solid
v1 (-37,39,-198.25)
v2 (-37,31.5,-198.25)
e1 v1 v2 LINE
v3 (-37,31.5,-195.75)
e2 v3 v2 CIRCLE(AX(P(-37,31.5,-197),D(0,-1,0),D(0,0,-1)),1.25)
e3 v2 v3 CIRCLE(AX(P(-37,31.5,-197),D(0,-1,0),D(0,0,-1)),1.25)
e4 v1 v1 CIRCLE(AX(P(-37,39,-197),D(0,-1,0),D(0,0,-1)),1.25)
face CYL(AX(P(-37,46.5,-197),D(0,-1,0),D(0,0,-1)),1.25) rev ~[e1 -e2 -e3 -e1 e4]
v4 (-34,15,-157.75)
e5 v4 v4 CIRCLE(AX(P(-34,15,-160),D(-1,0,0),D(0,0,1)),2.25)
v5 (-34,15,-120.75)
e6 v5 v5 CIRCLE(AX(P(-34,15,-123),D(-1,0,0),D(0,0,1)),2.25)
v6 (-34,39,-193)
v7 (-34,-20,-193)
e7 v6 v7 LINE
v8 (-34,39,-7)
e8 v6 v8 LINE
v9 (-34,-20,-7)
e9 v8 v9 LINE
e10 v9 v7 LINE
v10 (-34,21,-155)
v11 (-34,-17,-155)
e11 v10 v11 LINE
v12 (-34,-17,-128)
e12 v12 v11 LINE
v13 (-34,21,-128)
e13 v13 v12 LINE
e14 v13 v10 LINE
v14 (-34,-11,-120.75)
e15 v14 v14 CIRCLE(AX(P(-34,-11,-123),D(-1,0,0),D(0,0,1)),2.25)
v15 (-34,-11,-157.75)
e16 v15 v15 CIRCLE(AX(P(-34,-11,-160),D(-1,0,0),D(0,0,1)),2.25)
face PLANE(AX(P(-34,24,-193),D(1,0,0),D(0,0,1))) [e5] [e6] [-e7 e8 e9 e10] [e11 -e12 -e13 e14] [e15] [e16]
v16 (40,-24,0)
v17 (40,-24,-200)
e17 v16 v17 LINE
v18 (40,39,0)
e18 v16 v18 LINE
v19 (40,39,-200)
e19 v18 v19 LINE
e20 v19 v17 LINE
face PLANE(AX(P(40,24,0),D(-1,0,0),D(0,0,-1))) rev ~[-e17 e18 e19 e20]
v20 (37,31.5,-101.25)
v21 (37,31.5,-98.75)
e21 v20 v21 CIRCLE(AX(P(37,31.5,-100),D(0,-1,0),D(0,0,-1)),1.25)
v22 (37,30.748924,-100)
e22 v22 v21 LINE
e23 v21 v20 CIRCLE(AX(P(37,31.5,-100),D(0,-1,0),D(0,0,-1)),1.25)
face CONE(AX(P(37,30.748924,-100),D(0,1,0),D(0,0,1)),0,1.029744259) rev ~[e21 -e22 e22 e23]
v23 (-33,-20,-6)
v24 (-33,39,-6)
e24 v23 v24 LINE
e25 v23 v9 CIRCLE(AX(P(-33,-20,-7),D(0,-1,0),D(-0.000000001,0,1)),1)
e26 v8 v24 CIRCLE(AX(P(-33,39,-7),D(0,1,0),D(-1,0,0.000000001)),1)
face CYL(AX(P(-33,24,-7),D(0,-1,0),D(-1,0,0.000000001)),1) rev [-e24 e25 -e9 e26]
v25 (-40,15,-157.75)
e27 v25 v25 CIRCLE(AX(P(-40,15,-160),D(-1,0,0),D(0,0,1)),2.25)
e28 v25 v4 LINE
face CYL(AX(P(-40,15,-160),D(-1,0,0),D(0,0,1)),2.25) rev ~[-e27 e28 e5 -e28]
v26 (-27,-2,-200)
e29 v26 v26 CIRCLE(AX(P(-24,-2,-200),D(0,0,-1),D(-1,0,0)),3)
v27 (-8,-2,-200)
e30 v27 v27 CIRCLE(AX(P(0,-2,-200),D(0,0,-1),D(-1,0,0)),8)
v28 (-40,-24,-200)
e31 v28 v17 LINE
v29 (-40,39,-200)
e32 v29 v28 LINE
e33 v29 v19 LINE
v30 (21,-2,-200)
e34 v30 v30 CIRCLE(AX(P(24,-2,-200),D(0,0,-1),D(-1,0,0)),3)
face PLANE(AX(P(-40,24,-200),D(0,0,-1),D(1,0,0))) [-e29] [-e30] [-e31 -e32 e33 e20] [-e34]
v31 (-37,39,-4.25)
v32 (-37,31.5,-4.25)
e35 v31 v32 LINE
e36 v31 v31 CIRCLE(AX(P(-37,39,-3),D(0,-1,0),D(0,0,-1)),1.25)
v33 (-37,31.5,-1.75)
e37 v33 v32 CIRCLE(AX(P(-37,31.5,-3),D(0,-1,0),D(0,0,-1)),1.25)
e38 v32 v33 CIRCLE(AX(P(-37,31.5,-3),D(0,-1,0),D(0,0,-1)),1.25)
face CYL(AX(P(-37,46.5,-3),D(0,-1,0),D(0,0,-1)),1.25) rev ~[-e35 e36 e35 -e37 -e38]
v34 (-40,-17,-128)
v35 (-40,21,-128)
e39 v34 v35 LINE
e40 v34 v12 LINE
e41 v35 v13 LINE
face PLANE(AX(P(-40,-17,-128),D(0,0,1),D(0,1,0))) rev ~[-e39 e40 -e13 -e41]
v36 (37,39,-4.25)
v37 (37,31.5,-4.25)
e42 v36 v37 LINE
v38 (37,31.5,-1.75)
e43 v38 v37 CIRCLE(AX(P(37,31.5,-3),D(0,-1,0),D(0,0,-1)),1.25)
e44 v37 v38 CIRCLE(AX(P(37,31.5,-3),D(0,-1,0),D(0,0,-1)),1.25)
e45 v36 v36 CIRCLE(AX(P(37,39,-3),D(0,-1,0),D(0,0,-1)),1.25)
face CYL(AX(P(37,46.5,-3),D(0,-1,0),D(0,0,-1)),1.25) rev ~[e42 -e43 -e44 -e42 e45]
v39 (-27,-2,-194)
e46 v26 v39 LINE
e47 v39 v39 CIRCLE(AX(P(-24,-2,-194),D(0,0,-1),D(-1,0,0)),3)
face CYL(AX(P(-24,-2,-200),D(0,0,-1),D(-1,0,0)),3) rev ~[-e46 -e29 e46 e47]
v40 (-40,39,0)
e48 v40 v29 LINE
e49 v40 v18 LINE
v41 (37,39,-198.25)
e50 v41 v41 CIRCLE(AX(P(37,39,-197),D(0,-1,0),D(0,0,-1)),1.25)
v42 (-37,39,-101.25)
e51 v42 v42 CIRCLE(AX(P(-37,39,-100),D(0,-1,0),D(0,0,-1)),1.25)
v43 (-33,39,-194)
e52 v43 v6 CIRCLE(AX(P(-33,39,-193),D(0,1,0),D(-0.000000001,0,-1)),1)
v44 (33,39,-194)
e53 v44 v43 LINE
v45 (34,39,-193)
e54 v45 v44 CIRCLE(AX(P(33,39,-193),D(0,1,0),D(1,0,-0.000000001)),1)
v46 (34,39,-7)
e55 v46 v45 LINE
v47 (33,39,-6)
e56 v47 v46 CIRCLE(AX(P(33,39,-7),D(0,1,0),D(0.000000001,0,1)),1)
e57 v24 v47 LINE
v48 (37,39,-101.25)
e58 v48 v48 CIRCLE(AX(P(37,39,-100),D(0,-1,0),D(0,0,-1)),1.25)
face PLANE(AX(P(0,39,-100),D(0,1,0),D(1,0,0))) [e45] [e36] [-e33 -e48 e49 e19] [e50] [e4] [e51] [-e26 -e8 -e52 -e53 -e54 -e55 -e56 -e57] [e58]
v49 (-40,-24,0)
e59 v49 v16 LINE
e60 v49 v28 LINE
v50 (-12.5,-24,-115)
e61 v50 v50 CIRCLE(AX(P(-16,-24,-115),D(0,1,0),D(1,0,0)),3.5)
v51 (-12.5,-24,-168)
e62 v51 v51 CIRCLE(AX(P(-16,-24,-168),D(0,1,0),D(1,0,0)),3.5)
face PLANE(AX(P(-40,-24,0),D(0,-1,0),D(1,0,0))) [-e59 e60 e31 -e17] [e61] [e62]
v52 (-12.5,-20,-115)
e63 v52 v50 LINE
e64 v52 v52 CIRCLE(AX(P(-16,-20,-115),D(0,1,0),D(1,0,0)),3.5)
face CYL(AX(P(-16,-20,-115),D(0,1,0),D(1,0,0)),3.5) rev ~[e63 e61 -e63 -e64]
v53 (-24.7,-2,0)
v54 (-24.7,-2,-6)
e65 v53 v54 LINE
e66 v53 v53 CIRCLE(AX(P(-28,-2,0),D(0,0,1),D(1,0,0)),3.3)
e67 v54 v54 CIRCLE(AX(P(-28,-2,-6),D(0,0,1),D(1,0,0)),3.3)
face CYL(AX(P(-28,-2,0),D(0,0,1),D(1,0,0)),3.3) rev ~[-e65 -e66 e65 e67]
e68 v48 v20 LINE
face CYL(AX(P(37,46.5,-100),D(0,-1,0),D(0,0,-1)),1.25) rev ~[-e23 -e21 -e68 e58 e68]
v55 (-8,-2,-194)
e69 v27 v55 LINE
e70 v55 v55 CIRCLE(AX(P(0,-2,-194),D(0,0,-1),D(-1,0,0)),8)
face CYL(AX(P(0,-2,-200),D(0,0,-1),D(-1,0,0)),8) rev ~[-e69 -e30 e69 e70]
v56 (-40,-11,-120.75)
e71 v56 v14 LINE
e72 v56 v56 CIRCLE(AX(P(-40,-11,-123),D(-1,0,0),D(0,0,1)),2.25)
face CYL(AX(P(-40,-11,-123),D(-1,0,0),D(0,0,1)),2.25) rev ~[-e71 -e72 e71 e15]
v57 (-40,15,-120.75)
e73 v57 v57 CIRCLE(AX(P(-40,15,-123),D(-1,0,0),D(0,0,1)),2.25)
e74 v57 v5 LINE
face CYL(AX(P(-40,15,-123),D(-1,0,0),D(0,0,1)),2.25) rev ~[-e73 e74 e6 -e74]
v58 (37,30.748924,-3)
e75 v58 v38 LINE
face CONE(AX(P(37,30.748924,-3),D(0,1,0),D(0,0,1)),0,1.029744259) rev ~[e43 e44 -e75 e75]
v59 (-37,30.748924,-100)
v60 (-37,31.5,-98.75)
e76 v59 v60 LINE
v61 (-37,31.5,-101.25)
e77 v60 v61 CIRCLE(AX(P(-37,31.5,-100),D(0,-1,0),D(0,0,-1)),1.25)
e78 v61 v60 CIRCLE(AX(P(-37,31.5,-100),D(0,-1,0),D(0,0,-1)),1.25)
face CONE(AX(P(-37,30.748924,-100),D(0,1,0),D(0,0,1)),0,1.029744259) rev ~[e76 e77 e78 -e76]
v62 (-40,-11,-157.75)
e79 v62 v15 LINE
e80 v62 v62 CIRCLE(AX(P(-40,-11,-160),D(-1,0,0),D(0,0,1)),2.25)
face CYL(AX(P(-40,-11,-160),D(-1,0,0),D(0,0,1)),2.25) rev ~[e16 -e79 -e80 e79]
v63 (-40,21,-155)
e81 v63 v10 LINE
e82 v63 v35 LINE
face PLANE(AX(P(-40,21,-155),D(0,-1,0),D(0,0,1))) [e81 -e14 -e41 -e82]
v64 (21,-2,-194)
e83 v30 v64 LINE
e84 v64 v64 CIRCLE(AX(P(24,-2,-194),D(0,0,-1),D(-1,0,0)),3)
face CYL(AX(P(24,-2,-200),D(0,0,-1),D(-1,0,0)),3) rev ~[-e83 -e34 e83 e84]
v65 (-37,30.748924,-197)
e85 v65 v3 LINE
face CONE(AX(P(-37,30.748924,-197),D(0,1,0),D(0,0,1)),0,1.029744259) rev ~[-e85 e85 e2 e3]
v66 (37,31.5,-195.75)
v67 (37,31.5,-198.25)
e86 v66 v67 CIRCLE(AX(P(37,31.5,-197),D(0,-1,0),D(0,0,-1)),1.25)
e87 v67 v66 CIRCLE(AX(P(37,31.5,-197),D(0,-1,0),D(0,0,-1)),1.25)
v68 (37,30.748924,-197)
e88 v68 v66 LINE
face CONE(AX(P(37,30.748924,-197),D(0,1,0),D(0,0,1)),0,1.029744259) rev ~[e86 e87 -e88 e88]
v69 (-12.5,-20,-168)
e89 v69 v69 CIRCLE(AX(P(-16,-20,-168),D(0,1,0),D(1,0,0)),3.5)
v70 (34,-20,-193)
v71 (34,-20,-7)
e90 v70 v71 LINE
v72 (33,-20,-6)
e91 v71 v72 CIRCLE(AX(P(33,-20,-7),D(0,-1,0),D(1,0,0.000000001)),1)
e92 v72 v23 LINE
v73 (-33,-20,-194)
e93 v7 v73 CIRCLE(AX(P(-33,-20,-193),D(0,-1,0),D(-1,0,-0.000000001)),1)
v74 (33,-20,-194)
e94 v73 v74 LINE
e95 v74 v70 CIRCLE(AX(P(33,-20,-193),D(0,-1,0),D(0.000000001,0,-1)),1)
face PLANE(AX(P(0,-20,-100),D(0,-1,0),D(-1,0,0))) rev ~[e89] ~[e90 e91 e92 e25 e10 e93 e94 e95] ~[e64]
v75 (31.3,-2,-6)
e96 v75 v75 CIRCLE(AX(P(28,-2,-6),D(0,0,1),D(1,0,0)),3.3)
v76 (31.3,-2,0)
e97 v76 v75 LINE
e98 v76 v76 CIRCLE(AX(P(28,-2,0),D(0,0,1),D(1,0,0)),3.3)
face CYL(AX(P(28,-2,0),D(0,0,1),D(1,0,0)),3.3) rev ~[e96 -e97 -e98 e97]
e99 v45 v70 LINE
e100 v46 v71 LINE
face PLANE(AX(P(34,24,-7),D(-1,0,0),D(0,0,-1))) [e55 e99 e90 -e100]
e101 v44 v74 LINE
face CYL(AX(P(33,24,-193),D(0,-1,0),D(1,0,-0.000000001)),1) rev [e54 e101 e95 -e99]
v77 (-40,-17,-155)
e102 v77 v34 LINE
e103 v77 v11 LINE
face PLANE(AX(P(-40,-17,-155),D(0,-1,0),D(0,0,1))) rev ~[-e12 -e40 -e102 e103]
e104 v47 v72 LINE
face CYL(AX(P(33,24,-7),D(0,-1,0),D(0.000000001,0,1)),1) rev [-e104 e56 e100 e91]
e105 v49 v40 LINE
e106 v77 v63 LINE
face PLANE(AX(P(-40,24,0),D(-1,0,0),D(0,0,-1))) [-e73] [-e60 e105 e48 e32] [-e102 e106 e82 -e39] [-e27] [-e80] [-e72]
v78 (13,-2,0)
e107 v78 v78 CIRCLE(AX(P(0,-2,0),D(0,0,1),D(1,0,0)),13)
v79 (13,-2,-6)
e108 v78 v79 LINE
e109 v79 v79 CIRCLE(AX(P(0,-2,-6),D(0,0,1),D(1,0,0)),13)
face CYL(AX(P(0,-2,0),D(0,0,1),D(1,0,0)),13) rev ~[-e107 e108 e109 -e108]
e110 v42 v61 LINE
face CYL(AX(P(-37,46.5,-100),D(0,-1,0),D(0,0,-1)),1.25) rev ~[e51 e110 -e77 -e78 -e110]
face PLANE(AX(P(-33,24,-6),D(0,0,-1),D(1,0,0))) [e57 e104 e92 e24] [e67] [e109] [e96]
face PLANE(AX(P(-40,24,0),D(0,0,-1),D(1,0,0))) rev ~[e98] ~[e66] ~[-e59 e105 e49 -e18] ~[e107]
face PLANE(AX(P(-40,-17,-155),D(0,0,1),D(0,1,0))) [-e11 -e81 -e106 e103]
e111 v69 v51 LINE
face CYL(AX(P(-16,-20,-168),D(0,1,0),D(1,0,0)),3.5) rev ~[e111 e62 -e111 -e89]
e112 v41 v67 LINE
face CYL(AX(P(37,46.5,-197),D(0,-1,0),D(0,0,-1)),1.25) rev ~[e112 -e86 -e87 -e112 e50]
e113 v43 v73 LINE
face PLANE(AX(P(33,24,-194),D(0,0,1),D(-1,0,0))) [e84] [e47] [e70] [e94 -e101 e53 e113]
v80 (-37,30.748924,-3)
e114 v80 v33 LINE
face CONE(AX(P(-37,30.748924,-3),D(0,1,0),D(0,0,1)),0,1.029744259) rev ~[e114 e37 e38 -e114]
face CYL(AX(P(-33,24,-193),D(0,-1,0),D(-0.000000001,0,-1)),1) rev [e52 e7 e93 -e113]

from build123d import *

# Parameters (mm, degrees)
SKETCH_1_W             = 80
SKETCH_1_H             = 48
EXTRUDE_1_DEPTH        = 200
CUT_EXTRUDE_1_DEPTH    = 44
SKETCH_3_R             = 3.3
SKETCH_3_R_2           = 13
CUT_EXTRUDE_2_DEPTH    = 10
SKETCH_4_R             = 2.25
SKETCH_4_W             = 27
SKETCH_4_H             = 38
CUT_EXTRUDE_3_DEPTH    = 10
SKETCH_5_R             = 8
SKETCH_5_R_2           = 3
CUT_EXTRUDE_4_DEPTH    = 10
SKETCH_6_R             = 3.500000002
SKETCH_6_R_2           = 3.5
CUT_EXTRUDE_5_DEPTH    = 10
SKETCH_8_W             = 80
SKETCH_8_H             = 200
EXTRUDE_2_DEPTH        = 15
HOLE_WIZARD_M3_1_D     = 2.5
HOLE_WIZARD_M3_1_DEPTH = 7.5
HOLE_WIZARD_M3_1_TIP   = 0.751075774


with BuildPart() as part:
    # 草图1 → 凸台-拉伸1 (new body)
    with BuildSketch(Plane.XY):
        Rectangle(SKETCH_1_W, SKETCH_1_H)
    extrude(amount=-EXTRUDE_1_DEPTH)

    # 草图2 → 切除-拉伸1 (cut)
    with BuildSketch(Plane(origin=(0, 24, 0), x_dir=(1, 0, 0), z_dir=(0, 1, 0))):
        with BuildLine():
            ThreePointArc((-34, 193), (-33.707106781, 193.707106781), (-33, 194))
            Line((-33, 194), (33, 194))
            ThreePointArc((33, 194), (33.707106781, 193.707106781), (34, 193))
            Line((34, 193), (34, 7))
            ThreePointArc((34, 7), (33.707106781, 6.292893219), (33, 6))
            Line((33, 6), (-33, 6))
            ThreePointArc((-33, 6), (-33.707106781, 6.292893219), (-34, 7))
            Line((-34, 7), (-34, 193))
        make_face()
    extrude(amount=-CUT_EXTRUDE_1_DEPTH, mode=Mode.SUBTRACT)

    # 草图3 → 切除-拉伸2 (cut)
    with BuildSketch(Plane.XY):
        with Locations((-28, -2)):
            Circle(SKETCH_3_R)
        with Locations((0, -2)):
            Circle(SKETCH_3_R_2)
        with Locations((28, -2)):
            Circle(SKETCH_3_R)
    extrude(amount=-CUT_EXTRUDE_2_DEPTH, mode=Mode.SUBTRACT)

    # 草图4 → 切除-拉伸3 (cut)
    with BuildSketch(Plane.ZY.offset(40)):
        with Locations((-123, -11)):
            Circle(SKETCH_4_R)
        with Locations((-123, 15)):
            Circle(SKETCH_4_R)
        with Locations((-160, 15)):
            Circle(SKETCH_4_R)
        with Locations((-160, -11)):
            Circle(SKETCH_4_R)
        with Locations((-141.5, 2)):
            Rectangle(SKETCH_4_W, SKETCH_4_H)
    extrude(amount=-CUT_EXTRUDE_3_DEPTH, mode=Mode.SUBTRACT)

    # 草图5 → 切除-拉伸4 (cut)
    with BuildSketch(Plane(origin=(0, 0, -200), x_dir=(-1, 0, 0), z_dir=(0, 0, -1))):
        with Locations((0, -2)):
            Circle(SKETCH_5_R)
        with Locations((24, -2)):
            Circle(SKETCH_5_R_2)
        with Locations((-24, -2)):
            Circle(SKETCH_5_R_2)
    extrude(amount=-CUT_EXTRUDE_4_DEPTH, mode=Mode.SUBTRACT)

    # 草图6 → 切除-拉伸5 (cut)
    with BuildSketch(Plane(origin=(0, -20, 0), x_dir=(1, 0, 0), z_dir=(0, 1, 0))):
        with Locations((-16, 168)):
            Circle(SKETCH_6_R)
        with Locations((-16, 115)):
            Circle(SKETCH_6_R_2)
    extrude(amount=-CUT_EXTRUDE_5_DEPTH, mode=Mode.SUBTRACT)

    # 草图8 → 凸台-拉伸2 (add)
    with BuildSketch(Plane(origin=(0, 24, 0), x_dir=(1, 0, 0), z_dir=(0, 1, 0))):
        with Locations((0, 100)):
            Rectangle(SKETCH_8_W, SKETCH_8_H)
        with BuildLine():
            Line((-33, 6), (33, 6))
            ThreePointArc((33, 6), (33.707106781, 6.292893219), (34, 7))
            Line((34, 7), (34, 193))
            ThreePointArc((34, 193), (33.707106781, 193.707106781), (33, 194))
            Line((33, 194), (-33, 194))
            ThreePointArc((-33, 194), (-33.707106781, 193.707106781), (-34, 193))
            Line((-34, 193), (-34, 7))
            ThreePointArc((-34, 7), (-33.707106781, 6.292893219), (-33, 6))
        make_face(mode=Mode.SUBTRACT)
    extrude(amount=EXTRUDE_2_DEPTH)

    # M3 螺纹孔1
    with Locations(Plane(origin=(-37, 39, -100), x_dir=(0, 0, 1), z_dir=(0, 1, 0))):
        with Locations((0, 0), (0, 74), (97, 74), (97, 0), (-97, 0), (-97, 74)):
            Hole(HOLE_WIZARD_M3_1_D / 2, depth=HOLE_WIZARD_M3_1_DEPTH)
            with Locations((0, 0, -(HOLE_WIZARD_M3_1_DEPTH + HOLE_WIZARD_M3_1_TIP / 2))):  # 118° drill point
                Cone(0, HOLE_WIZARD_M3_1_D / 2, HOLE_WIZARD_M3_1_TIP, mode=Mode.SUBTRACT)


solid = part.part
